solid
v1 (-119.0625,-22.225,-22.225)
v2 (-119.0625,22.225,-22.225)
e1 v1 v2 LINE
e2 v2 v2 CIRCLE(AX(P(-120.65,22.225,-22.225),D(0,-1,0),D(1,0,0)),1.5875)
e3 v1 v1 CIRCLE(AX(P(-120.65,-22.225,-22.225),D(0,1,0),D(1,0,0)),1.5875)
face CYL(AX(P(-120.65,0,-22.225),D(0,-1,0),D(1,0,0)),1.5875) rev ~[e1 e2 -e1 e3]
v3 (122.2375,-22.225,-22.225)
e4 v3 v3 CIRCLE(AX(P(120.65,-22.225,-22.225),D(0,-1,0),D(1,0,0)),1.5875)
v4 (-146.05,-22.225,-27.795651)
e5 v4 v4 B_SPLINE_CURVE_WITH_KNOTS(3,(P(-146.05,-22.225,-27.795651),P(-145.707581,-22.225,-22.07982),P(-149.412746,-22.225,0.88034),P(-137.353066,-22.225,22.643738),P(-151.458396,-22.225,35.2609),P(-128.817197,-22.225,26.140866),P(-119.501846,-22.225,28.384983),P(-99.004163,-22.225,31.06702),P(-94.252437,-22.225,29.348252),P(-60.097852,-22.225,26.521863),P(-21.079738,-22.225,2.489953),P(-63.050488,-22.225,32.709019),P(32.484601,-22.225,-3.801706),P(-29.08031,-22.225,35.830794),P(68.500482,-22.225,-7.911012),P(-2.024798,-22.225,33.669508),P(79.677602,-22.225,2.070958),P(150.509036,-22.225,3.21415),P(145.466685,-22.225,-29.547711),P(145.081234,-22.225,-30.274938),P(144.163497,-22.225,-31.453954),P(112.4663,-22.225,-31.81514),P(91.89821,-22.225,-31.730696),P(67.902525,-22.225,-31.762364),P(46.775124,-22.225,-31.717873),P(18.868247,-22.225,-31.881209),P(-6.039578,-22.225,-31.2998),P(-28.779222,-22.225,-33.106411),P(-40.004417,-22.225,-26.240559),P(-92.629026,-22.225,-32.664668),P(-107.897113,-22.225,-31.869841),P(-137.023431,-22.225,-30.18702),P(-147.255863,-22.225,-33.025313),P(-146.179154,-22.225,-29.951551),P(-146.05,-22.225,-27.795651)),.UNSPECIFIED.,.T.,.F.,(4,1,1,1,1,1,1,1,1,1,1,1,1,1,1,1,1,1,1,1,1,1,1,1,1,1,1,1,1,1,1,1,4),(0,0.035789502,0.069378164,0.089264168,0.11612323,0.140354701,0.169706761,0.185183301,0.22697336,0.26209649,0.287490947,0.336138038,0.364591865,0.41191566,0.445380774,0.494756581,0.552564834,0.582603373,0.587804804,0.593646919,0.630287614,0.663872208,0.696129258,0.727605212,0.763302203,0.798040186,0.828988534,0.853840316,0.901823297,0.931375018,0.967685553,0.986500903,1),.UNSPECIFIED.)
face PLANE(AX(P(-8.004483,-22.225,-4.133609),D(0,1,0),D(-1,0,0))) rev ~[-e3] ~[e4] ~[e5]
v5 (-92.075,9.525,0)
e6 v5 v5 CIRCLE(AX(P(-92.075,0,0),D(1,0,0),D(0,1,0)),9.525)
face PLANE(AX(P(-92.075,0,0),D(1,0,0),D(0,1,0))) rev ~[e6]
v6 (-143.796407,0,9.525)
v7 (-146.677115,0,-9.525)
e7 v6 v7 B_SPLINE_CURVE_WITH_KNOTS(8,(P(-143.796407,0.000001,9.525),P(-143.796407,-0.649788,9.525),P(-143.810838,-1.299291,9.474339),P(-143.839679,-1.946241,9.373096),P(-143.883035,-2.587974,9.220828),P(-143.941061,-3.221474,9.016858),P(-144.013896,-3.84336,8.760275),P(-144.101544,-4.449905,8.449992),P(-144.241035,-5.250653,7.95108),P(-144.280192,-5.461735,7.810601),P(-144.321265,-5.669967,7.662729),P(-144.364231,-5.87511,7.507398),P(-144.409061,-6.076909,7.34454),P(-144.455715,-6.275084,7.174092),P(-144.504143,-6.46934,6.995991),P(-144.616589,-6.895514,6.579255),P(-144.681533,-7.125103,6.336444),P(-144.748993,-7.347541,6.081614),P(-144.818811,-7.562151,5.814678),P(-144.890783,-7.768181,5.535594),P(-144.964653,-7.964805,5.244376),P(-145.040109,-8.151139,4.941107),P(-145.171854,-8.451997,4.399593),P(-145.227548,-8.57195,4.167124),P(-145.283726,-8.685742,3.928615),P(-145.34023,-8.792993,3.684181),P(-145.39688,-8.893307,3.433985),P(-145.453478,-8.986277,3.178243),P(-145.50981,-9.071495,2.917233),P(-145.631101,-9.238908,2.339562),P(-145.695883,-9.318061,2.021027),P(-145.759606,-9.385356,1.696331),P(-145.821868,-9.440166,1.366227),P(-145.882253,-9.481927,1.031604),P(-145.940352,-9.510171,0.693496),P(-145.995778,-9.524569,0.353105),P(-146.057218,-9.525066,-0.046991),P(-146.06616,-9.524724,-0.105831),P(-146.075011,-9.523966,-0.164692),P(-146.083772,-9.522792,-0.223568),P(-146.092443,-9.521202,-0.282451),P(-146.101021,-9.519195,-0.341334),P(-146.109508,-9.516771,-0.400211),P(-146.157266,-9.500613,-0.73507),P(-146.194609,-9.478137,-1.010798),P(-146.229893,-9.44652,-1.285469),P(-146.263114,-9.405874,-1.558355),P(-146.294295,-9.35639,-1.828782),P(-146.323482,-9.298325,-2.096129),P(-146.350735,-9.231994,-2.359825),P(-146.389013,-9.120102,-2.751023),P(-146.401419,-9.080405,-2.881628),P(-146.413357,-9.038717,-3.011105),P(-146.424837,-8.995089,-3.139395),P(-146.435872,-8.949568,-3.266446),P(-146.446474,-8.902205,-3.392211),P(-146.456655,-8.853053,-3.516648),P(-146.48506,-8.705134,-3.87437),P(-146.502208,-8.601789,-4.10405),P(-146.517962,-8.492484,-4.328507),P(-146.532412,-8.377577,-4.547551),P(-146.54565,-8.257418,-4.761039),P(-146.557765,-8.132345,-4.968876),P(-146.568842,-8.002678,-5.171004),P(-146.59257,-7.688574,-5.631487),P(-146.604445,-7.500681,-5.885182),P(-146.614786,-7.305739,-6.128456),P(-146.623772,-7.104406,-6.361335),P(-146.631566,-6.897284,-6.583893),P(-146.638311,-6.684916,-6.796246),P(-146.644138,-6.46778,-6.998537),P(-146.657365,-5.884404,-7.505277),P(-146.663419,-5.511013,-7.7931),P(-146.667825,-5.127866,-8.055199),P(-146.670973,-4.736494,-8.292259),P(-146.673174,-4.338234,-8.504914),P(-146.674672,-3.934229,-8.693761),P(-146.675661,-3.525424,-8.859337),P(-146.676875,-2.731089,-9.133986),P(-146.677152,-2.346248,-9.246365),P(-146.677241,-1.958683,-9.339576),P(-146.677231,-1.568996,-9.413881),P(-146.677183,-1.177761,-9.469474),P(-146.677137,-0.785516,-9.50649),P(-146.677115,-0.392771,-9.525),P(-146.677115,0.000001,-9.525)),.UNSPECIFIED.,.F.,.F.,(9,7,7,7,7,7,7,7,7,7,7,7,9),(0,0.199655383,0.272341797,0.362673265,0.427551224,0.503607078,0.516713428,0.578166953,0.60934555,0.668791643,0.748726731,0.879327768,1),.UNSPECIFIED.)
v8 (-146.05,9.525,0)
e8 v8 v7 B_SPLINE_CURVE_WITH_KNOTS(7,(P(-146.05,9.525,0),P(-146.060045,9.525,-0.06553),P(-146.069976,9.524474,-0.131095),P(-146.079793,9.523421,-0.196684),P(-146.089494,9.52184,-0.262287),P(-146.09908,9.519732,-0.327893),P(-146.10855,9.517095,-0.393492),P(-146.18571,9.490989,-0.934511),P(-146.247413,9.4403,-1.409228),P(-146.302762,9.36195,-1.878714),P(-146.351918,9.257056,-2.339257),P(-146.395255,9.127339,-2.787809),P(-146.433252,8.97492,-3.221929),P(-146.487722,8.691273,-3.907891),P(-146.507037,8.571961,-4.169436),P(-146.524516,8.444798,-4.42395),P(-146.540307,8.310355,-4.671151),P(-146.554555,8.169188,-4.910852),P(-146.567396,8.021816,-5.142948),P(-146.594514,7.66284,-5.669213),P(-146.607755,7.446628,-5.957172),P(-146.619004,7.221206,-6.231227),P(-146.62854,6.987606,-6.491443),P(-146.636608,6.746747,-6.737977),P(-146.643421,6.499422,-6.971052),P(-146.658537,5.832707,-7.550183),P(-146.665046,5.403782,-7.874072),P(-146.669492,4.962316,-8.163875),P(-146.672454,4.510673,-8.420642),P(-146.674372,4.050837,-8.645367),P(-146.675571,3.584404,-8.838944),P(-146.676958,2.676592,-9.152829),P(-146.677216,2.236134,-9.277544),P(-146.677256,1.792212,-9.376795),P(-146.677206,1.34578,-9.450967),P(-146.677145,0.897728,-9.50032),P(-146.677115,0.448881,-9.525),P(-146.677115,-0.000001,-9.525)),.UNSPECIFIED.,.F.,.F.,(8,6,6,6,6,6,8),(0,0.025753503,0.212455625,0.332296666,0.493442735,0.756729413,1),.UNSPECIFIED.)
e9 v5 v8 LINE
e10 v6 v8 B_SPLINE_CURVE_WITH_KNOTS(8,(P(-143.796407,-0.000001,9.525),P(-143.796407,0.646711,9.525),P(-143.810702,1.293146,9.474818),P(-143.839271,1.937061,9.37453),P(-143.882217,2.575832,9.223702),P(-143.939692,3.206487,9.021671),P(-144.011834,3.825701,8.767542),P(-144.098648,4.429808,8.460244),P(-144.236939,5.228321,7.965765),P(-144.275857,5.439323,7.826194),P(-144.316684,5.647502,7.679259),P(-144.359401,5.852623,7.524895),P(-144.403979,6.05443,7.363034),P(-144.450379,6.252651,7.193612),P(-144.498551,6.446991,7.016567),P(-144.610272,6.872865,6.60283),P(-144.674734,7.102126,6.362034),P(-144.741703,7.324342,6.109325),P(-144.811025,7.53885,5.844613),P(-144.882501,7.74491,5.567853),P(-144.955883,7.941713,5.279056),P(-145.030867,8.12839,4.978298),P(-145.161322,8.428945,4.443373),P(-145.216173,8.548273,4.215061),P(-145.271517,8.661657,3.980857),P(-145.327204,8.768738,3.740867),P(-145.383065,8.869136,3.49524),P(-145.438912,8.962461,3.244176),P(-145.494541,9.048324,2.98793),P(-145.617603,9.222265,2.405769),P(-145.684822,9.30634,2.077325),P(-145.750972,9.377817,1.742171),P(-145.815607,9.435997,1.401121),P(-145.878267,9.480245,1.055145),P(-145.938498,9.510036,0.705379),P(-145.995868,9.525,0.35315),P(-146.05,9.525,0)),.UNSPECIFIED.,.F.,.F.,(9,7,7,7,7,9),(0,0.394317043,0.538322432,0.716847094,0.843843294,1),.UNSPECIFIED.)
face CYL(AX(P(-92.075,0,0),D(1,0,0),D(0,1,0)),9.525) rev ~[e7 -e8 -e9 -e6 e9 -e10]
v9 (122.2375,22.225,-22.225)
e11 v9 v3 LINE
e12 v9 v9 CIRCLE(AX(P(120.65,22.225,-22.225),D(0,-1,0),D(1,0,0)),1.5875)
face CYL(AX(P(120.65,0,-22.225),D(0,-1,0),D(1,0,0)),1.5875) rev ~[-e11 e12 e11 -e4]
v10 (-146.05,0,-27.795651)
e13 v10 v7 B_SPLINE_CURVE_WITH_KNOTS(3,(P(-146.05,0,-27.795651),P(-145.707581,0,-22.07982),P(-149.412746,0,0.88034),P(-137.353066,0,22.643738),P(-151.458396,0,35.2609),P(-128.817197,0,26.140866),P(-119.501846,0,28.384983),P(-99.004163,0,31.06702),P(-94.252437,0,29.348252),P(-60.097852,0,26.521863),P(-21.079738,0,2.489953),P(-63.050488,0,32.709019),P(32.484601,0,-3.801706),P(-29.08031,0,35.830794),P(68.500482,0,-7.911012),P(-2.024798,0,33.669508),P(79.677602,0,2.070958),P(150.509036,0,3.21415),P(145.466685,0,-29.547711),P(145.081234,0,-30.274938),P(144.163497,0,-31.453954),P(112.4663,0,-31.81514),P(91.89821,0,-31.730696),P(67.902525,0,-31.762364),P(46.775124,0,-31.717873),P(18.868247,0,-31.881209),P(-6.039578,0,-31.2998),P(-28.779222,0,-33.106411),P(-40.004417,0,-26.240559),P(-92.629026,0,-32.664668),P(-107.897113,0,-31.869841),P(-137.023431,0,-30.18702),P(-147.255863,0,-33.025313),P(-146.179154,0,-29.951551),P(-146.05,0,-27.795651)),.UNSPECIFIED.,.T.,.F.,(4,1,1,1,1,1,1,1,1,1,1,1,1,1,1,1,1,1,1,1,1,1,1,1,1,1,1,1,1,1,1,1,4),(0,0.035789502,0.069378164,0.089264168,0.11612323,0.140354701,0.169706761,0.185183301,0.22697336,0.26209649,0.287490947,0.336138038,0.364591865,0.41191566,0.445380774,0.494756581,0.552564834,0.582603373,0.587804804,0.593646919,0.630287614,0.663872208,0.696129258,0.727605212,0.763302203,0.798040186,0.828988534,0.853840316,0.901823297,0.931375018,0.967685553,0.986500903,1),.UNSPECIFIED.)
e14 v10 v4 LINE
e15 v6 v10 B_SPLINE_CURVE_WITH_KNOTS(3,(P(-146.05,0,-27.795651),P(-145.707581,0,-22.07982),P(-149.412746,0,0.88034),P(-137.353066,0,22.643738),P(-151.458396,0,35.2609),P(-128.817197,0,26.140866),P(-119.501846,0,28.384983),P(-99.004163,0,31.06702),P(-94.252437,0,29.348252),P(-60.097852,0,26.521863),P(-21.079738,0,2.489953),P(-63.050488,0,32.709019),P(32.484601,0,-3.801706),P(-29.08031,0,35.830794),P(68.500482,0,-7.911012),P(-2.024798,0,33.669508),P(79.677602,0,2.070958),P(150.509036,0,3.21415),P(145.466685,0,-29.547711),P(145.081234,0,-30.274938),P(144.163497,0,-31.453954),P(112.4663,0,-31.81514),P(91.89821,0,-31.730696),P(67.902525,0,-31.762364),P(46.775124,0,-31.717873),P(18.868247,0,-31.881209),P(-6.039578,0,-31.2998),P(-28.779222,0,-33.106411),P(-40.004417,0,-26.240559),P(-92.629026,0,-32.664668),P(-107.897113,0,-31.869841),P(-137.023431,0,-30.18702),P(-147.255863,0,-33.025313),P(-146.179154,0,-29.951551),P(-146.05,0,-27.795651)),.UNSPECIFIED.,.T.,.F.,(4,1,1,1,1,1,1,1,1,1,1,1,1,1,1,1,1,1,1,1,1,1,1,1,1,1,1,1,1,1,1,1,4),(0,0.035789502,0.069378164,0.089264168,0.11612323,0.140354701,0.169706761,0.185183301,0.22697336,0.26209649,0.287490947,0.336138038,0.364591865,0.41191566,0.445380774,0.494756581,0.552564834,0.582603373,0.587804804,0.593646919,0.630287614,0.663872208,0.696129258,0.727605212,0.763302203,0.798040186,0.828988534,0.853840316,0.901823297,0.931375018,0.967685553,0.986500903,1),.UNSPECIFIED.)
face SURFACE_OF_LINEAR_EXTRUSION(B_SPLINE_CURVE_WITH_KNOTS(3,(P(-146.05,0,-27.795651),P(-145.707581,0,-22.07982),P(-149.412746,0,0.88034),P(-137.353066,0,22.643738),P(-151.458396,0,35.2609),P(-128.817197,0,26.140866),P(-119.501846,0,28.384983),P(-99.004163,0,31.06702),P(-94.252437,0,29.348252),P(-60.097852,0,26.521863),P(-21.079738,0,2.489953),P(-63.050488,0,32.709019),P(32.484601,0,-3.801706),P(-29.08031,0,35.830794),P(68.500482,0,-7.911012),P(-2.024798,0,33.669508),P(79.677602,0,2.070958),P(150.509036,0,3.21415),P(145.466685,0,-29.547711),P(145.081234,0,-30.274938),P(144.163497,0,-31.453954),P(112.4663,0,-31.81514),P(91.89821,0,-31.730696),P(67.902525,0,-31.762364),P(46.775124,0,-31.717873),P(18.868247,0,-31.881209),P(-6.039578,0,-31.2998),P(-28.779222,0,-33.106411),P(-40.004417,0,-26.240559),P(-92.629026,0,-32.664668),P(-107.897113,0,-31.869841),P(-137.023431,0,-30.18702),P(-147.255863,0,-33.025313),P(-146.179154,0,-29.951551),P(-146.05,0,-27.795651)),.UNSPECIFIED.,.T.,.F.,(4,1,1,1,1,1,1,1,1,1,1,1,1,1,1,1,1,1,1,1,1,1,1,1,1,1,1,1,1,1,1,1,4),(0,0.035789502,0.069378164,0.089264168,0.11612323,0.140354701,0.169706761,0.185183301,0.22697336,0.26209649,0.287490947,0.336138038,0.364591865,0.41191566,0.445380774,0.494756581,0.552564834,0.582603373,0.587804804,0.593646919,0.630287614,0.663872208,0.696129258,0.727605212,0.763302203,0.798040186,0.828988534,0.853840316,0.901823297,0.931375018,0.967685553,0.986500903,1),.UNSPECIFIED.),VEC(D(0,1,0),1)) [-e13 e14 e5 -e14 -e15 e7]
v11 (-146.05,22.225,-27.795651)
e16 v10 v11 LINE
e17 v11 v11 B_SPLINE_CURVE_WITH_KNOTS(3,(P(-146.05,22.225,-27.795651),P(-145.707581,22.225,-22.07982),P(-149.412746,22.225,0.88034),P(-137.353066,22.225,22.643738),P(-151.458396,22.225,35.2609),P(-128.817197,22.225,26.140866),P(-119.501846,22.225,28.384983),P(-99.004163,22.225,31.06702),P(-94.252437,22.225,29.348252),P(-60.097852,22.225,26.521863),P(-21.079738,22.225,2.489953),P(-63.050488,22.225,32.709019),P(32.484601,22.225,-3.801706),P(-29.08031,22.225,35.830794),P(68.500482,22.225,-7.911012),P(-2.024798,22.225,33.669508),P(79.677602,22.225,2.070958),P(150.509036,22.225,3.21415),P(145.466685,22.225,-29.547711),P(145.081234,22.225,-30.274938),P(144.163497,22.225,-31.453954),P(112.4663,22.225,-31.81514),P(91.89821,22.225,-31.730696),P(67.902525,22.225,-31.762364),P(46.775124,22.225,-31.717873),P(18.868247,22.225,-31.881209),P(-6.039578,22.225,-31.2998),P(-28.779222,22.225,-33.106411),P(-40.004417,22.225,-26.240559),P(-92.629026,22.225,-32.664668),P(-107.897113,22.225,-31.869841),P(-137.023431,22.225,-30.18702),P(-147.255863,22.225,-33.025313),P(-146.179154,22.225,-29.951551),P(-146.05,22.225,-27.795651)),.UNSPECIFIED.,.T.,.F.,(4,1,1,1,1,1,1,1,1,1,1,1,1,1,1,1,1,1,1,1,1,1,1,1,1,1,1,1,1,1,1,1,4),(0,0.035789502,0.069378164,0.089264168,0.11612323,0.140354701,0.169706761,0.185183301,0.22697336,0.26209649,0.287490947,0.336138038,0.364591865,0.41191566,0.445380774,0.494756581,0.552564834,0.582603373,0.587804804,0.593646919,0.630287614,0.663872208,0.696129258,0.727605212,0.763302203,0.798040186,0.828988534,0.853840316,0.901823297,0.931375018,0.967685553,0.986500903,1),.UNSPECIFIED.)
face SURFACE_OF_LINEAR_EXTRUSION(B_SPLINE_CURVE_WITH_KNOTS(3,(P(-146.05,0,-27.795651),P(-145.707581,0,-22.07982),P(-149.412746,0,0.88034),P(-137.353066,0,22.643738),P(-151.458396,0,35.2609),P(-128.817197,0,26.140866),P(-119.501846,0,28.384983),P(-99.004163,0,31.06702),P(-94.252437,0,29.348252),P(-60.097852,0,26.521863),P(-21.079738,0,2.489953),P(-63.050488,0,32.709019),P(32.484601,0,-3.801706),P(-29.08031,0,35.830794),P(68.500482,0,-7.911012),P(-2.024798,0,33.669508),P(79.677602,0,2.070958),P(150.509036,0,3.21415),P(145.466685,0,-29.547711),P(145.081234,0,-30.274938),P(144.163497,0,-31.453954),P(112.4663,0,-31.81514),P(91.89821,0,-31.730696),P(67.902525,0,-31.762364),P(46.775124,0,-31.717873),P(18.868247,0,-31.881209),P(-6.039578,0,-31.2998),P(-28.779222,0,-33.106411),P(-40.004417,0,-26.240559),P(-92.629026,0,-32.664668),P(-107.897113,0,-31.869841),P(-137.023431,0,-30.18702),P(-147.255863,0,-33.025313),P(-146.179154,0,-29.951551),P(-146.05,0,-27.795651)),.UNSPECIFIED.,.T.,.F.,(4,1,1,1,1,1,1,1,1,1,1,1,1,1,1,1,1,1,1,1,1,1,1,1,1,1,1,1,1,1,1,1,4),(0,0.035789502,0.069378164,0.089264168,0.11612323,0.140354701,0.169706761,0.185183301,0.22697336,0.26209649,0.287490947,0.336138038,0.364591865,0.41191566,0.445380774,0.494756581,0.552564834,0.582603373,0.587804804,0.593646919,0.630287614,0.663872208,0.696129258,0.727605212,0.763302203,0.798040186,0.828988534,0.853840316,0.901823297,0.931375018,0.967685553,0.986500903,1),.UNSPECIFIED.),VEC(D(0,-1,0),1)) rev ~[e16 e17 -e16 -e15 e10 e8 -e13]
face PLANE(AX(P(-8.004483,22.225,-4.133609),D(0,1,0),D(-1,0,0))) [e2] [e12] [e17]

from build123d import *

# Parameters (mm, degrees)
F3_DEPTH = 22.225
F4_START = -92.075
F1_R     = 9.525
F4_DEPTH = 60.325
F2_R     = 1.5875
F5_DEPTH = 25.4


with BuildPart() as f3:
    # F0 (on Front) → F3 (new body, symmetric)
    with BuildSketch(Plane.XZ):
        with BuildLine():
            add(Edge.make_bspline(
                [(-146.05, -27.7956512874), (-145.7075807543, -22.0798198538), (-149.4127461542, 0.8803396123), (-137.353066486, 22.6437384523), (-151.4583956957, 35.2609004301), (-128.8171972076, 26.1408658259), (-119.5018460609, 28.3849833768), (-99.0041630036, 31.0670202152), (-94.2524369687, 29.3482521608), (-60.0978517439, 26.5218633645), (-21.0797376795, 2.4899532273), (-63.0504875047, 32.7090186155), (32.4846009715, -3.8017060834), (-29.0803104485, 35.8307935138), (68.5004822874, -7.9110115032), (-2.0247976599, 33.6695078044), (79.6776023145, 2.0709580695), (150.5090356798, 3.2141504247), (145.4666849904, -29.5477112752), (145.0812343277, -30.2749381989), (144.1634966312, -31.4539538066), (112.4663000088, -31.8151400487), (91.8982099692, -31.7306961778), (67.9025246252, -31.7623637674), (46.7751237501, -31.717872795), (18.8682467991, -31.8812094984), (-6.0395775686, -31.2998000824), (-28.7792219819, -33.1064112805), (-40.0044168026, -26.2405585314), (-92.6290262446, -32.6646676902), (-107.8971127618, -31.8698407318), (-137.0234314211, -30.1870195632), (-147.2558629628, -33.0253125507), (-146.1791538097, -29.9515505677), (-146.05, -27.7956512874)],
                knots=[0, 0, 0, 0, 0.0357895018, 0.0693781636, 0.0892641678, 0.1161232296, 0.140354701, 0.1697067613, 0.1851833005, 0.2269733597, 0.2620964901, 0.2874909471, 0.3361380379, 0.3645918652, 0.4119156601, 0.4453807741, 0.4947565807, 0.5525648343, 0.5826033733, 0.5878048041, 0.5936469194, 0.6302876138, 0.6638722083, 0.6961292585, 0.7276052115, 0.7633022033, 0.7980401864, 0.8289885337, 0.8538403161, 0.9018232972, 0.9313750179, 0.967685553, 0.9865009033, 1, 1, 1, 1], degree=3))
        make_face()
    extrude(amount=F3_DEPTH, both=True)

    # F1 (on Right) → F4 (cut)
    with BuildSketch(Plane.YZ.offset(F4_START)):
        Circle(F1_R)
    extrude(amount=-F4_DEPTH, mode=Mode.SUBTRACT)

    # F2 (on Front) → F5 (cut, symmetric)
    with BuildSketch(Plane.XZ):
        with Locations((-120.65, -22.225)):
            Circle(F2_R)
        with Locations((120.65, -22.225)):
            Circle(F2_R)
    extrude(amount=F5_DEPTH, both=True, mode=Mode.SUBTRACT)


solid = f3.part
